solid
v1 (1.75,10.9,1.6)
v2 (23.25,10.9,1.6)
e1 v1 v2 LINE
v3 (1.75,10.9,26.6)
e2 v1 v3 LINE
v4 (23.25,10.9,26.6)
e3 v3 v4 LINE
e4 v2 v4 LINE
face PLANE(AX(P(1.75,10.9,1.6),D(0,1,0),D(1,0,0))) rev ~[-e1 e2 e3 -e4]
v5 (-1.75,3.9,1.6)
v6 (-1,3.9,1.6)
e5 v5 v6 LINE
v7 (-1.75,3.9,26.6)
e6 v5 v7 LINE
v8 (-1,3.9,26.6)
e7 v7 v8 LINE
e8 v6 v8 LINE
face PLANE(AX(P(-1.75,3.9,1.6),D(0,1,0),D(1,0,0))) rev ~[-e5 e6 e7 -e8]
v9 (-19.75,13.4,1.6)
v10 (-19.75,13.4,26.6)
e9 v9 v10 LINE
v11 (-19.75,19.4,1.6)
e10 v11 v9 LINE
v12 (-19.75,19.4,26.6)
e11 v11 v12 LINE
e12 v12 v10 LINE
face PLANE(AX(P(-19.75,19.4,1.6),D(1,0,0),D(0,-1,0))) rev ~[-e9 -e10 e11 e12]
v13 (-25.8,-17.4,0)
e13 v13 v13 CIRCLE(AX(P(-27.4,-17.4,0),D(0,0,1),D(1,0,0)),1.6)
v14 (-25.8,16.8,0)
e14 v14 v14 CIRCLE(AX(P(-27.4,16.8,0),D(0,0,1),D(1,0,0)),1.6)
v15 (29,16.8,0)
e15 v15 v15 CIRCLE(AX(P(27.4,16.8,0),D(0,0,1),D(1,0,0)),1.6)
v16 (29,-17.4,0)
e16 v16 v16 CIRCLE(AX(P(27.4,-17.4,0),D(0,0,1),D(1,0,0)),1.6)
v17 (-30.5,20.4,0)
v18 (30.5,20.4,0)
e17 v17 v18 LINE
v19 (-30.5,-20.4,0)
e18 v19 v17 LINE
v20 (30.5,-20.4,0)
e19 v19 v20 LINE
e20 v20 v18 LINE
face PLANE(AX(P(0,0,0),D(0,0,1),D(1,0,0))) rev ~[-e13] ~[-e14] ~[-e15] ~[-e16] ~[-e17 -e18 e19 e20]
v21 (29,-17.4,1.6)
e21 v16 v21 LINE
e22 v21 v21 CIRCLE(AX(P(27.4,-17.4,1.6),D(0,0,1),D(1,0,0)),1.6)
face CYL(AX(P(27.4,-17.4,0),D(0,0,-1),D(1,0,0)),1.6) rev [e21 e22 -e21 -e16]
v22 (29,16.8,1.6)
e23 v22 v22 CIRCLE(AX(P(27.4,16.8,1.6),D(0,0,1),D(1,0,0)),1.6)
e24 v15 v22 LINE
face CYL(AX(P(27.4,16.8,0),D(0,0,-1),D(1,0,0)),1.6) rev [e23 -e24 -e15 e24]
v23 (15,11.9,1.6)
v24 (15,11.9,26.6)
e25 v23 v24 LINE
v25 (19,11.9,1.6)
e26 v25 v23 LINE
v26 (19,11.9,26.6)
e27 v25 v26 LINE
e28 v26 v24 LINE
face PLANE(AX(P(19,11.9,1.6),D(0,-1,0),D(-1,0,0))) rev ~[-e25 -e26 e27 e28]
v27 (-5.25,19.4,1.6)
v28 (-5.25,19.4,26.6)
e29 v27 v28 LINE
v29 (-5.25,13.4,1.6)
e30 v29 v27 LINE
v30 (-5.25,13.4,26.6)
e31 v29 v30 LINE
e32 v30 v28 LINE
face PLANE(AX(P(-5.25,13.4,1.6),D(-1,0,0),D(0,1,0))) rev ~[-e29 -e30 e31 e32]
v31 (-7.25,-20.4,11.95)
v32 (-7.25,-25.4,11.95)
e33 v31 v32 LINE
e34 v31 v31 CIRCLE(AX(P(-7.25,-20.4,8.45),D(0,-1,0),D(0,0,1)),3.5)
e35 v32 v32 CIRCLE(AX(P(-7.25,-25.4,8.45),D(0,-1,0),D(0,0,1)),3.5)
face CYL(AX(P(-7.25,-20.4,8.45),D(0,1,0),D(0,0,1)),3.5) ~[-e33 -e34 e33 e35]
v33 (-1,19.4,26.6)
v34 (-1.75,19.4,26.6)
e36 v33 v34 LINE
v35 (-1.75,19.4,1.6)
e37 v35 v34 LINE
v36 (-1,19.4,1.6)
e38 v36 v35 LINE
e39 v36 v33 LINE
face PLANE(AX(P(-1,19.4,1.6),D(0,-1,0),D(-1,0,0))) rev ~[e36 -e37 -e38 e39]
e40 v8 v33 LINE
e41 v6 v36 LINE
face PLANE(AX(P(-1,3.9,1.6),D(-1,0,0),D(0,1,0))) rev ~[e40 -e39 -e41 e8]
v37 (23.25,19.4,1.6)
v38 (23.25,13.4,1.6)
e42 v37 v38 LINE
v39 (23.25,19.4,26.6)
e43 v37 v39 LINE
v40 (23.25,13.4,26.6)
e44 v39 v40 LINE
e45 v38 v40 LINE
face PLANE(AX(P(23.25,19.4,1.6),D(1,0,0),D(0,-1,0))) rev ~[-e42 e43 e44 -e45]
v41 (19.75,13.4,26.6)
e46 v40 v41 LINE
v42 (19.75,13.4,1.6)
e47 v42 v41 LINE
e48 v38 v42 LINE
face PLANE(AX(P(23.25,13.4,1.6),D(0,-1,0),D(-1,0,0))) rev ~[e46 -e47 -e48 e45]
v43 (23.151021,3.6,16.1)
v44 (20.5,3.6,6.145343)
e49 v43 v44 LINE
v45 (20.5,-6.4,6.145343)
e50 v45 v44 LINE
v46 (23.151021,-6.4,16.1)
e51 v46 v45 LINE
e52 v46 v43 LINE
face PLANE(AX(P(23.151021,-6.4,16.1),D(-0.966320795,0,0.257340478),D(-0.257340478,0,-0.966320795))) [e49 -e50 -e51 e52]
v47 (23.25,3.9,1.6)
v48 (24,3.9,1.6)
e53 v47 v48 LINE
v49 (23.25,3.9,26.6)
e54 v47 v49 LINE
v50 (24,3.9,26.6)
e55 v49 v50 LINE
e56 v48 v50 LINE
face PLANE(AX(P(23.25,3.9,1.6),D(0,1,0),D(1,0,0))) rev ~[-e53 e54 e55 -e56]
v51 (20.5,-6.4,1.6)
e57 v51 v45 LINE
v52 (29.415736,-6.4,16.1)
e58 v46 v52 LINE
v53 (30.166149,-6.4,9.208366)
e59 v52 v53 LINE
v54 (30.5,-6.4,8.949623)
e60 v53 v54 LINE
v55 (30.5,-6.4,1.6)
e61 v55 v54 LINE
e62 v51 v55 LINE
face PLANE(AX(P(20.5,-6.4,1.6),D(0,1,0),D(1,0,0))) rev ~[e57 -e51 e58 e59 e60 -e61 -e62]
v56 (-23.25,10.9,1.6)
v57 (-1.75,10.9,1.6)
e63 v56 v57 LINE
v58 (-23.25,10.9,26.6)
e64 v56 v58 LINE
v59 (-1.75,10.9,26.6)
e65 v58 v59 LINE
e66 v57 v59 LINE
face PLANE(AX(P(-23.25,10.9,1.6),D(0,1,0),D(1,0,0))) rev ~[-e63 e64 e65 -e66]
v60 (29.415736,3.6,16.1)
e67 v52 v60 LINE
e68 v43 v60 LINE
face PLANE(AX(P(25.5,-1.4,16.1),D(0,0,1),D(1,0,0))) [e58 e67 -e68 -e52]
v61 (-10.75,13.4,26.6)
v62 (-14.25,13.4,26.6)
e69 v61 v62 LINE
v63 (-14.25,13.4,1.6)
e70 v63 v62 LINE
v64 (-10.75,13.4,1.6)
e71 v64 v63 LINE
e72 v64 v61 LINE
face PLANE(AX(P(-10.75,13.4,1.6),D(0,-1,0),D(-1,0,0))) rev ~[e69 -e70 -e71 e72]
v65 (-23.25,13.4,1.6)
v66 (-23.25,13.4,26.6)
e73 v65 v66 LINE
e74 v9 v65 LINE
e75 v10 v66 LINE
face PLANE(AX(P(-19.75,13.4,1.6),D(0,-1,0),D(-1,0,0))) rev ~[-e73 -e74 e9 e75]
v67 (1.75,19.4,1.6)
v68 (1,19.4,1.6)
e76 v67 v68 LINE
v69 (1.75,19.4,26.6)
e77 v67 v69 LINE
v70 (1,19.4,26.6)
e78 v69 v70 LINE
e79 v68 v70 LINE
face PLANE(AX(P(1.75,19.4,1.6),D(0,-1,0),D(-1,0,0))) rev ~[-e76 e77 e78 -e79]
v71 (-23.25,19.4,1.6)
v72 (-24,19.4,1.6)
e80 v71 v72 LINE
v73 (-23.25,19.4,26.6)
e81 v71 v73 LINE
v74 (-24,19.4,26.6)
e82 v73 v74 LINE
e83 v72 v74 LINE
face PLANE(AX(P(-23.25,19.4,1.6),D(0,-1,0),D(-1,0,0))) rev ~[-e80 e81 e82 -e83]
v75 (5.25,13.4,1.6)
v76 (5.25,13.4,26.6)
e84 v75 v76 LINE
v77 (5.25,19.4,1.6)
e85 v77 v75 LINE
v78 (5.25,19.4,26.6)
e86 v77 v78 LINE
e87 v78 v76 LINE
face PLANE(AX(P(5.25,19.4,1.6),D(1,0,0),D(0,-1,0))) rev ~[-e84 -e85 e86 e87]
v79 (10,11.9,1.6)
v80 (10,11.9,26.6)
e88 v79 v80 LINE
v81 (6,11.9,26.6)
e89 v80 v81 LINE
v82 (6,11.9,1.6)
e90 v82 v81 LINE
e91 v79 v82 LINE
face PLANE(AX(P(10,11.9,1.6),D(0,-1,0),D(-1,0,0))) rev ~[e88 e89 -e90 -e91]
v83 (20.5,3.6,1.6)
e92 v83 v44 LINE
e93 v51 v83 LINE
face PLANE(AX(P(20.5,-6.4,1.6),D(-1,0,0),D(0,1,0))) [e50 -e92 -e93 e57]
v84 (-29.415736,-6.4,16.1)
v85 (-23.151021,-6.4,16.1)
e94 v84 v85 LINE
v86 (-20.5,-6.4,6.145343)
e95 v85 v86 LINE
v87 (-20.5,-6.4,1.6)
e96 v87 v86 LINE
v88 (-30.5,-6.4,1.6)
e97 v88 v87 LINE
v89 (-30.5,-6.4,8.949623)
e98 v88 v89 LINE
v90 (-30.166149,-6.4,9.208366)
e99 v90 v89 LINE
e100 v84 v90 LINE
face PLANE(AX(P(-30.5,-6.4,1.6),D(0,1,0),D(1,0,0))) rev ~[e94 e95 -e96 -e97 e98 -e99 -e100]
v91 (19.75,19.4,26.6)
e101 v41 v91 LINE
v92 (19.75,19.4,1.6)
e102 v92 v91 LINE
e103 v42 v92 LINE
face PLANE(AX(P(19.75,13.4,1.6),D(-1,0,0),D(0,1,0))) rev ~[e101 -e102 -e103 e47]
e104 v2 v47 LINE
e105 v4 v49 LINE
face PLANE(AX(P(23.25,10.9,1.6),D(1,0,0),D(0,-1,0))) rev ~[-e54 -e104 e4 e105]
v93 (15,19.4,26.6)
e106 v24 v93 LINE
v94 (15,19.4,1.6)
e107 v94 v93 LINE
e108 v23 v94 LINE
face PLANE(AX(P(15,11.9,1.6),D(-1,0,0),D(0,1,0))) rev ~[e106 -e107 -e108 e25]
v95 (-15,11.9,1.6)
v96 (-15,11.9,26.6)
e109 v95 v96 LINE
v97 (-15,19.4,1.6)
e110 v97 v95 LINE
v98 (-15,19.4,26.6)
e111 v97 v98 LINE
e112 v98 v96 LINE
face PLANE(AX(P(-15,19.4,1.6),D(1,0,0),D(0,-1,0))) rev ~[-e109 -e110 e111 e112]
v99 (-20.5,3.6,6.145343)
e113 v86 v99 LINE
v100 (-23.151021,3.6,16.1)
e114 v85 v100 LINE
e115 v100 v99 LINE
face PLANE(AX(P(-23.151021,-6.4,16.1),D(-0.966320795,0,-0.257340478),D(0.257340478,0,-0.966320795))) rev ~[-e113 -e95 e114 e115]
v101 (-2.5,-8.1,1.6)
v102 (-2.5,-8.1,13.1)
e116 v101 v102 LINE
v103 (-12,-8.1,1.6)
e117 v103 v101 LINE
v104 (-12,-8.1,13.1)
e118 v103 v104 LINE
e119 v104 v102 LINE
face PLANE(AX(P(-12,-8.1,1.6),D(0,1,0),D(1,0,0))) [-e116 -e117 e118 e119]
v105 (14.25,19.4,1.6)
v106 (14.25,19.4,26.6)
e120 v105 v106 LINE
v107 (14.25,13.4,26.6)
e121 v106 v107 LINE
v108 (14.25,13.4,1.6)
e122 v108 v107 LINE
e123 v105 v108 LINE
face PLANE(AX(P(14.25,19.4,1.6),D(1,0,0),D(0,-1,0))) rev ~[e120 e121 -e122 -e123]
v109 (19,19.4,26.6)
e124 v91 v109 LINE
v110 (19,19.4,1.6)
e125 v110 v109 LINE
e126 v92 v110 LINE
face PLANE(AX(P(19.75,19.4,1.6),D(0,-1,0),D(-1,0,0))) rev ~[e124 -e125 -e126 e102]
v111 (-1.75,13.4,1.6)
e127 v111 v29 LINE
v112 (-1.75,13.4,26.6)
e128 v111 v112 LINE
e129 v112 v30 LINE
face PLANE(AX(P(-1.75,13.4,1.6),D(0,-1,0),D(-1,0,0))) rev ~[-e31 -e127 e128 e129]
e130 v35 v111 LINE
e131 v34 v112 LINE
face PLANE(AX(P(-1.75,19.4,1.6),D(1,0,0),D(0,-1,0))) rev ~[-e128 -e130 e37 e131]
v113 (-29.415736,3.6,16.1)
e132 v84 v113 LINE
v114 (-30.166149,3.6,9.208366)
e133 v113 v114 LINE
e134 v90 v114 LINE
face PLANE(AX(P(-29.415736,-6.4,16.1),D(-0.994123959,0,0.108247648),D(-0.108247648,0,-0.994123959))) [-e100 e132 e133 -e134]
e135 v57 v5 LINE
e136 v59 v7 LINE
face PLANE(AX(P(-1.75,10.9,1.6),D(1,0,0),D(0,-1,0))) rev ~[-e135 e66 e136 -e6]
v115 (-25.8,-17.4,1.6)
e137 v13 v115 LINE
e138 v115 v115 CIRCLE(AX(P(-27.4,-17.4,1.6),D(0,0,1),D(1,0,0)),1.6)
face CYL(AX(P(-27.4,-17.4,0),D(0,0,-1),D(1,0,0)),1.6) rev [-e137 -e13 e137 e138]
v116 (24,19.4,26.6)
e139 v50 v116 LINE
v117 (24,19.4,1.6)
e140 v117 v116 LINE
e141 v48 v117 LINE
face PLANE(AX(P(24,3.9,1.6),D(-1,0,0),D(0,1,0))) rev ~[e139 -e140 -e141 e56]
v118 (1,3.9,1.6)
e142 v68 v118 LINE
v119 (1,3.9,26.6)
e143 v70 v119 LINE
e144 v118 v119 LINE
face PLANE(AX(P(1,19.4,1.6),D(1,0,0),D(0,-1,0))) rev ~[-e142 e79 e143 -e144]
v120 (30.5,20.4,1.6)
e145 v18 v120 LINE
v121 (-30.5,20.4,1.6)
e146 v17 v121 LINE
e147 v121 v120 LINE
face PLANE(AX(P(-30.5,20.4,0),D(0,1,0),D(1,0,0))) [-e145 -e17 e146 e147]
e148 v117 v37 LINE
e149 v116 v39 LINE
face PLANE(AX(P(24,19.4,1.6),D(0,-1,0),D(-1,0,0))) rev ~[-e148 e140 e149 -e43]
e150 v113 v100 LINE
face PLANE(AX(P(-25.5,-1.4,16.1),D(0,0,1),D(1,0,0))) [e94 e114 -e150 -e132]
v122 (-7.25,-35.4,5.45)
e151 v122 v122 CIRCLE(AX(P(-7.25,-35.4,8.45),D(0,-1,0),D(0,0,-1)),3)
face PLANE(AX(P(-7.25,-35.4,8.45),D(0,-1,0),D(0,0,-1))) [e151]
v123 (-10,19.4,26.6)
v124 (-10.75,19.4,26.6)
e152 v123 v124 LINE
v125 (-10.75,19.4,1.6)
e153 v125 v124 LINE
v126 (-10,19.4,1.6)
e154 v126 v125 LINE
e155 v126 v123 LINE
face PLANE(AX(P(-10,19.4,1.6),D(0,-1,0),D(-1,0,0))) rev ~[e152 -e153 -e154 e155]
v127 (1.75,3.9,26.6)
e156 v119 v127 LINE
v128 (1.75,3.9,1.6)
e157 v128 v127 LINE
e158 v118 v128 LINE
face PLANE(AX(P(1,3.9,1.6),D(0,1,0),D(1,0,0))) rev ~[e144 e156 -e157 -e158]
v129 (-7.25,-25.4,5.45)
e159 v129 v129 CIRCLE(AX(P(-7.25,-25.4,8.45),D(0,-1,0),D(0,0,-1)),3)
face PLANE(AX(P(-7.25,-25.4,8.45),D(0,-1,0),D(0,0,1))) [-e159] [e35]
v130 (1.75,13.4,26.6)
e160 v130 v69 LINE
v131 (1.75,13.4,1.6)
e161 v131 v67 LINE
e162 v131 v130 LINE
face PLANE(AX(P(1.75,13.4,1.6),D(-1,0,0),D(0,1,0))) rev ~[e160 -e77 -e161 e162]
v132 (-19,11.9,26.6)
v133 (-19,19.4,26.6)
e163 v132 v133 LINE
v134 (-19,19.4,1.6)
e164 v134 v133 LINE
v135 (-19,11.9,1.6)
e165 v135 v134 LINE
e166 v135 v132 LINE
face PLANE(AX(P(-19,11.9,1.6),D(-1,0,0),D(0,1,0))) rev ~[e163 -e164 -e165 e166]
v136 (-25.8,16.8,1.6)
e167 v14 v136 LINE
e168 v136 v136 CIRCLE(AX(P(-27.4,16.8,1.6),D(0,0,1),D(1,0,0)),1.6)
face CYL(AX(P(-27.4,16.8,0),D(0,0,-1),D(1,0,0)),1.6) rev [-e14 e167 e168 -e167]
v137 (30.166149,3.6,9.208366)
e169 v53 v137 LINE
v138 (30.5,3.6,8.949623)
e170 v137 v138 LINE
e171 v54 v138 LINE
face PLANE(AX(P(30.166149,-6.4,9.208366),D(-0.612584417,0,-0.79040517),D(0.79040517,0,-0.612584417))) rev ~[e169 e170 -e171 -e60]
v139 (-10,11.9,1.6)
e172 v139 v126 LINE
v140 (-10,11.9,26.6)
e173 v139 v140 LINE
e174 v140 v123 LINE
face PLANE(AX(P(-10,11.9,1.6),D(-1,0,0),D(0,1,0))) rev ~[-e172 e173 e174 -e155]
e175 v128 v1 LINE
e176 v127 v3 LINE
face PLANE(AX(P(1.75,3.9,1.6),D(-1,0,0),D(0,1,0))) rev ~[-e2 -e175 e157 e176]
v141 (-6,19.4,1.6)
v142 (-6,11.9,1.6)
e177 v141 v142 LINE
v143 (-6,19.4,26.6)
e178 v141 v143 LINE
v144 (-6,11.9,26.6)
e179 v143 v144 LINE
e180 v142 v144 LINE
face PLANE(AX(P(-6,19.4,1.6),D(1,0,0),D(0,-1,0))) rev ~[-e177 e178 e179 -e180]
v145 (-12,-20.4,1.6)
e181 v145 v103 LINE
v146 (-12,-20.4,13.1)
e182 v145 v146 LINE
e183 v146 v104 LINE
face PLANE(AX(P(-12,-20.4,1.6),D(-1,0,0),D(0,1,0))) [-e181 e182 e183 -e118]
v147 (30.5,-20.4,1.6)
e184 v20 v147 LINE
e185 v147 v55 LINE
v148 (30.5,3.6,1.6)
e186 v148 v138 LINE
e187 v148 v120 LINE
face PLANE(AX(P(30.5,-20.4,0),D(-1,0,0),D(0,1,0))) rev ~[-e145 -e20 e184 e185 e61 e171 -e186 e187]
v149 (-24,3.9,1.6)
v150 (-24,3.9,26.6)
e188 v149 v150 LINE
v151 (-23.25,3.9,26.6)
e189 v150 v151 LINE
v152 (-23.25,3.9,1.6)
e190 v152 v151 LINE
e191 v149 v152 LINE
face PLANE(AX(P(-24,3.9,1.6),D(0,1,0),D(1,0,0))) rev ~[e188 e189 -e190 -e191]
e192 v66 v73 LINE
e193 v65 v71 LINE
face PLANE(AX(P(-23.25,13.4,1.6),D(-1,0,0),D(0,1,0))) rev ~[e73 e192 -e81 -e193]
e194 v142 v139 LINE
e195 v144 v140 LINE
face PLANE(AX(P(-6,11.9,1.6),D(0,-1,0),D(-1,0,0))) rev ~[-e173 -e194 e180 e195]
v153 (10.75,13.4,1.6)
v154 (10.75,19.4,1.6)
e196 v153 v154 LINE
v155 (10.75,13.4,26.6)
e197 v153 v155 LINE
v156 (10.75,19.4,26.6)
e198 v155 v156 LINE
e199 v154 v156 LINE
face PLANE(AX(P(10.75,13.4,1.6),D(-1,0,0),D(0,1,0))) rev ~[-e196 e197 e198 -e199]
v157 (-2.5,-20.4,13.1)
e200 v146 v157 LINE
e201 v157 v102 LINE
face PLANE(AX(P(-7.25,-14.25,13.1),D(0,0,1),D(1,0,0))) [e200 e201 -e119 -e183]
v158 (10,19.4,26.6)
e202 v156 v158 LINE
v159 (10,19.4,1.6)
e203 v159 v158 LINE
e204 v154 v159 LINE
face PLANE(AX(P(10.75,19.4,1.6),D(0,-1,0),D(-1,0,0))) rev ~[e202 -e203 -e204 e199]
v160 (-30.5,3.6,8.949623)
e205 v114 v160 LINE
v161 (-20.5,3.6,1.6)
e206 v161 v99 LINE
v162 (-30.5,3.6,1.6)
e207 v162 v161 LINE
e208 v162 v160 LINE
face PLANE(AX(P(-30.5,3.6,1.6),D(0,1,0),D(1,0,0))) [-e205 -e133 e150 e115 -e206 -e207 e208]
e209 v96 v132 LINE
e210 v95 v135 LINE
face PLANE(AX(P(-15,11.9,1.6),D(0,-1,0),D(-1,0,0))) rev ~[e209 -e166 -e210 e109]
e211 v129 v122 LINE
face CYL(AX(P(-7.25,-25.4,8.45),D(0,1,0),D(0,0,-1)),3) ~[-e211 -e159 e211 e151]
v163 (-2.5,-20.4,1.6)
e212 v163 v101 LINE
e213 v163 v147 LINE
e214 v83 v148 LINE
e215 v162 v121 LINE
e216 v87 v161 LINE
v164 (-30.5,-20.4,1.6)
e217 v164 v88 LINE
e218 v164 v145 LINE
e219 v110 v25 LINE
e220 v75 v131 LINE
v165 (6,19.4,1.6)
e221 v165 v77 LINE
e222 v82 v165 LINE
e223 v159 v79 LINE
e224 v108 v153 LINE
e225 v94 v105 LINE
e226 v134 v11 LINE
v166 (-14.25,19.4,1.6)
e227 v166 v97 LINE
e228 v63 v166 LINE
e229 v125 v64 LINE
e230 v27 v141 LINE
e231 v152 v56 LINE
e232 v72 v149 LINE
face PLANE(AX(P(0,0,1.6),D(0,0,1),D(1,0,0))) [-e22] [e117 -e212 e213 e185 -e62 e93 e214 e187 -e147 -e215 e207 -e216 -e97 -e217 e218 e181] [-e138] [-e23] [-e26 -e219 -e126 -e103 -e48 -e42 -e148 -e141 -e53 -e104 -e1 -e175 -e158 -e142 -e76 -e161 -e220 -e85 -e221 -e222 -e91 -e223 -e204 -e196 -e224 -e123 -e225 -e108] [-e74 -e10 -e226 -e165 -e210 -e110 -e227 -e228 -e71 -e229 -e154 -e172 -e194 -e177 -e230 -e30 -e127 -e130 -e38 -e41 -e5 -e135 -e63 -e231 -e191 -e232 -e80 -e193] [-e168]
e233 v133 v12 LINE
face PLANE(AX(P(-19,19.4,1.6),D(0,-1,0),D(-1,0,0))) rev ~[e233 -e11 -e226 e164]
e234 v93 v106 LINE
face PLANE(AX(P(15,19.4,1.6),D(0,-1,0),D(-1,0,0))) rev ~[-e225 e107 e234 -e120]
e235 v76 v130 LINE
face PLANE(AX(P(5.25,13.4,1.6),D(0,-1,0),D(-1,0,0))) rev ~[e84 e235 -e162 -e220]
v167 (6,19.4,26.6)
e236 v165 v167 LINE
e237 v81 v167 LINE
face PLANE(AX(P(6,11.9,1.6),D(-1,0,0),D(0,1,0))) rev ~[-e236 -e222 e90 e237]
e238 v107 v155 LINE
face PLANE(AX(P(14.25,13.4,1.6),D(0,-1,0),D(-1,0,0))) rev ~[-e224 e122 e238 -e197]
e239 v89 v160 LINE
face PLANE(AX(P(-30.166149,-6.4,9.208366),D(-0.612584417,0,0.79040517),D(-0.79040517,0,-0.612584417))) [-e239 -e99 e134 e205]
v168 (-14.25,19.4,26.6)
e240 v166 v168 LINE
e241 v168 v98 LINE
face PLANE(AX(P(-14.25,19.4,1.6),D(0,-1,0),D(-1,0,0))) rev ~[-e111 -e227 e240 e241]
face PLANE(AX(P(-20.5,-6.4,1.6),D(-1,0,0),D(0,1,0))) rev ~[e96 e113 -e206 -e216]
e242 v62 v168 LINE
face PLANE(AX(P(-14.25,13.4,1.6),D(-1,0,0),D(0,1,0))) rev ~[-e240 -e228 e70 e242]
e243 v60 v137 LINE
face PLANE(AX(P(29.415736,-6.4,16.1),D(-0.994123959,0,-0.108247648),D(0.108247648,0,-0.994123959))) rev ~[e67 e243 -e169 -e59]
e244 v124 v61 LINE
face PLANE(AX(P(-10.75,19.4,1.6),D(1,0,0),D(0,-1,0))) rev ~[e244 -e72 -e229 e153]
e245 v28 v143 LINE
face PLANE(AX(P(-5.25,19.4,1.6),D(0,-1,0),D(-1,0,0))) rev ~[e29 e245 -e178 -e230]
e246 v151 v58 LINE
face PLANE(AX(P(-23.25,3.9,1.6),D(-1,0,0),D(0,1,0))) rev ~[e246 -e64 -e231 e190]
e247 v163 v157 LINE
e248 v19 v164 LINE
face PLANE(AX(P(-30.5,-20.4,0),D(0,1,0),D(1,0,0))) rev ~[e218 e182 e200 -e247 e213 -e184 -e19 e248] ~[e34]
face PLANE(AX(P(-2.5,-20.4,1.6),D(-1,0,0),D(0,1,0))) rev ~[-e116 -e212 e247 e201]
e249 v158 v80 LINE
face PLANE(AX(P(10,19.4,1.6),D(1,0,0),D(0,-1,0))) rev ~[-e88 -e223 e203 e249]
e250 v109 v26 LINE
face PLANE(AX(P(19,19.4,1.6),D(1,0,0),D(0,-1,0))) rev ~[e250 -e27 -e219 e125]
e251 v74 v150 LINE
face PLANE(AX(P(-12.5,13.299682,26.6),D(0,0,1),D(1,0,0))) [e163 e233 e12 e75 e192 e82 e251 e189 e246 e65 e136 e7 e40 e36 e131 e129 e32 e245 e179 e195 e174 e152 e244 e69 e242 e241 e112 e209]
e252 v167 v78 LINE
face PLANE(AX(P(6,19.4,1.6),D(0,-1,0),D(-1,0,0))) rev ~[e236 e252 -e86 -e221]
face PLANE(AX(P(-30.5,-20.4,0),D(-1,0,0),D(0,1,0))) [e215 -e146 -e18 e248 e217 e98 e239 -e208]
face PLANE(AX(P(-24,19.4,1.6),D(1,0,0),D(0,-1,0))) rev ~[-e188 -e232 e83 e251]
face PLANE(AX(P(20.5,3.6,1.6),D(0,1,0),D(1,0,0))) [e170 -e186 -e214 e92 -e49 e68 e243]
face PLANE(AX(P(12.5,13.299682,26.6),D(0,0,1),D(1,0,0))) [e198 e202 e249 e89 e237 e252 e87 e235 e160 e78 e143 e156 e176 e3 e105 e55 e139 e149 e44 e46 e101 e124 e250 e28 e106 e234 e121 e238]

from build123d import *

# Parameters (mm, degrees)
SKETCH2_W           = 61
SKETCH2_H           = 40.8
SKETCH2_R           = 1.6
BOSS_EXTRUDE1_DEPTH = 1.6
BOSS_EXTRUDE2_DEPTH = 25
SKETCH5_W           = 9.5
SKETCH5_H           = 12.3
BOSS_EXTRUDE3_DEPTH = 11.5
SKETCH6_R           = 3.5
BOSS_EXTRUDE4_DEPTH = 5
SKETCH7_R           = 3
BOSS_EXTRUDE5_DEPTH = 10
SKETCH8_W           = 10
SKETCH8_H           = 10
BOSS_EXTRUDE6_DEPTH = 14.5
CUT_EXTRUDE1_DEPTH  = 10


with BuildPart() as part:
    # Sketch2 → Boss-Extrude1 (new body)
    with BuildSketch(Plane.XY):
        Rectangle(SKETCH2_W, SKETCH2_H)
        with Locations((-27.4, 16.8)):
            Circle(SKETCH2_R, mode=Mode.SUBTRACT)
        with Locations((27.4, 16.8)):
            Circle(SKETCH2_R, mode=Mode.SUBTRACT)
        with Locations((-27.4, -17.4)):
            Circle(SKETCH2_R, mode=Mode.SUBTRACT)
        with Locations((27.4, -17.4)):
            Circle(SKETCH2_R, mode=Mode.SUBTRACT)
    extrude(amount=BOSS_EXTRUDE1_DEPTH)

    # Sketch3 → Boss-Extrude2 (add)
    with BuildSketch(Plane.XY.offset(1.6)):
        Polygon((-24, 19.4), (-24, 3.9), (-23.25, 3.9), (-23.25, 10.9), (-1.75, 10.9), (-1.75, 3.9), (-1, 3.9), (-1, 19.4), (-1.75, 19.4), (-1.75, 13.4), (-5.25, 13.4), (-5.25, 19.4), (-6, 19.4), (-6, 11.9), (-10, 11.9), (-10, 19.4), (-10.75, 19.4), (-10.75, 13.4), (-14.25, 13.4), (-14.25, 19.4), (-15, 19.4), (-15, 11.9), (-19, 11.9), (-19, 19.4), (-19.75, 19.4), (-19.75, 13.4), (-23.25, 13.4), (-23.25, 19.4), align=None)
        Polygon((14.25, 19.4), (14.25, 13.4), (10.75, 13.4), (10.75, 19.4), (10, 19.4), (10, 11.9), (6, 11.9), (6, 19.4), (5.25, 19.4), (5.25, 13.4), (1.75, 13.4), (1.75, 19.4), (1, 19.4), (1, 3.9), (1.75, 3.9), (1.75, 10.9), (23.25, 10.9), (23.25, 3.9), (24, 3.9), (24, 19.4), (23.25, 19.4), (23.25, 13.4), (19.75, 13.4), (19.75, 19.4), (19, 19.4), (19, 11.9), (15, 11.9), (15, 19.4), align=None)
    extrude(amount=BOSS_EXTRUDE2_DEPTH)

    # Sketch5 → Boss-Extrude3 (add)
    with BuildSketch(Plane.XY.offset(1.6)):
        with Locations((-7.25, -14.25)):
            Rectangle(SKETCH5_W, SKETCH5_H)
    extrude(amount=BOSS_EXTRUDE3_DEPTH)

    # Sketch6 → Boss-Extrude4 (add)
    with BuildSketch(Plane.XZ.offset(20.4)):
        with Locations(Location((-7.25, 8.45, 0), (0, 0, 90))):
            Circle(SKETCH6_R)
    extrude(amount=BOSS_EXTRUDE4_DEPTH)

    # Sketch7 → Boss-Extrude5 (add)
    with BuildSketch(Plane.XZ.offset(25.4)):
        with Locations(Location((-7.25, 8.45, 0), (0, 0, 270))):
            Circle(SKETCH7_R)
    extrude(amount=BOSS_EXTRUDE5_DEPTH)

    # Sketch8 → Boss-Extrude6 (add)
    with BuildSketch(Plane.XY.offset(1.6)):
        with Locations((-25.5, -1.4)):
            Rectangle(SKETCH8_W, SKETCH8_H)
        with Locations((25.5, -1.4)):
            Rectangle(SKETCH8_W, SKETCH8_H)
    extrude(amount=BOSS_EXTRUDE6_DEPTH)

    # Sketch9 → Cut-Extrude1 (cut)
    with BuildSketch(Plane.XZ.offset(6.4)):
        Polygon((-23.151020569, 16.1), (-20.5, 6.14534258), (-16.249696832, 6.089417538), (-15.914146582, 20.014752918), (-23.095095527, 19.846977793), align=None)
        Polygon((-29.415736124, 16.1), (-30.16614877, 9.208365841), (-30.5, 8.949622517), (-32.813418931, 7.814737758), (-35.128393598, 16.673480385), (-30.436281354, 21.104919727), align=None)
        Polygon((30.436281354, 21.104919727), (29.415736124, 16.1), (30.16614877, 9.208365841), (30.5, 8.949622517), (32.813418931, 7.814737758), (35.128393598, 16.673480385), align=None)
        Polygon((23.095095527, 19.846977793), (23.151020569, 16.1), (20.5, 6.14534258), (16.249696832, 6.089417538), (15.914146582, 20.014752918), align=None)
    extrude(amount=-CUT_EXTRUDE1_DEPTH, mode=Mode.SUBTRACT)


solid = part.part
